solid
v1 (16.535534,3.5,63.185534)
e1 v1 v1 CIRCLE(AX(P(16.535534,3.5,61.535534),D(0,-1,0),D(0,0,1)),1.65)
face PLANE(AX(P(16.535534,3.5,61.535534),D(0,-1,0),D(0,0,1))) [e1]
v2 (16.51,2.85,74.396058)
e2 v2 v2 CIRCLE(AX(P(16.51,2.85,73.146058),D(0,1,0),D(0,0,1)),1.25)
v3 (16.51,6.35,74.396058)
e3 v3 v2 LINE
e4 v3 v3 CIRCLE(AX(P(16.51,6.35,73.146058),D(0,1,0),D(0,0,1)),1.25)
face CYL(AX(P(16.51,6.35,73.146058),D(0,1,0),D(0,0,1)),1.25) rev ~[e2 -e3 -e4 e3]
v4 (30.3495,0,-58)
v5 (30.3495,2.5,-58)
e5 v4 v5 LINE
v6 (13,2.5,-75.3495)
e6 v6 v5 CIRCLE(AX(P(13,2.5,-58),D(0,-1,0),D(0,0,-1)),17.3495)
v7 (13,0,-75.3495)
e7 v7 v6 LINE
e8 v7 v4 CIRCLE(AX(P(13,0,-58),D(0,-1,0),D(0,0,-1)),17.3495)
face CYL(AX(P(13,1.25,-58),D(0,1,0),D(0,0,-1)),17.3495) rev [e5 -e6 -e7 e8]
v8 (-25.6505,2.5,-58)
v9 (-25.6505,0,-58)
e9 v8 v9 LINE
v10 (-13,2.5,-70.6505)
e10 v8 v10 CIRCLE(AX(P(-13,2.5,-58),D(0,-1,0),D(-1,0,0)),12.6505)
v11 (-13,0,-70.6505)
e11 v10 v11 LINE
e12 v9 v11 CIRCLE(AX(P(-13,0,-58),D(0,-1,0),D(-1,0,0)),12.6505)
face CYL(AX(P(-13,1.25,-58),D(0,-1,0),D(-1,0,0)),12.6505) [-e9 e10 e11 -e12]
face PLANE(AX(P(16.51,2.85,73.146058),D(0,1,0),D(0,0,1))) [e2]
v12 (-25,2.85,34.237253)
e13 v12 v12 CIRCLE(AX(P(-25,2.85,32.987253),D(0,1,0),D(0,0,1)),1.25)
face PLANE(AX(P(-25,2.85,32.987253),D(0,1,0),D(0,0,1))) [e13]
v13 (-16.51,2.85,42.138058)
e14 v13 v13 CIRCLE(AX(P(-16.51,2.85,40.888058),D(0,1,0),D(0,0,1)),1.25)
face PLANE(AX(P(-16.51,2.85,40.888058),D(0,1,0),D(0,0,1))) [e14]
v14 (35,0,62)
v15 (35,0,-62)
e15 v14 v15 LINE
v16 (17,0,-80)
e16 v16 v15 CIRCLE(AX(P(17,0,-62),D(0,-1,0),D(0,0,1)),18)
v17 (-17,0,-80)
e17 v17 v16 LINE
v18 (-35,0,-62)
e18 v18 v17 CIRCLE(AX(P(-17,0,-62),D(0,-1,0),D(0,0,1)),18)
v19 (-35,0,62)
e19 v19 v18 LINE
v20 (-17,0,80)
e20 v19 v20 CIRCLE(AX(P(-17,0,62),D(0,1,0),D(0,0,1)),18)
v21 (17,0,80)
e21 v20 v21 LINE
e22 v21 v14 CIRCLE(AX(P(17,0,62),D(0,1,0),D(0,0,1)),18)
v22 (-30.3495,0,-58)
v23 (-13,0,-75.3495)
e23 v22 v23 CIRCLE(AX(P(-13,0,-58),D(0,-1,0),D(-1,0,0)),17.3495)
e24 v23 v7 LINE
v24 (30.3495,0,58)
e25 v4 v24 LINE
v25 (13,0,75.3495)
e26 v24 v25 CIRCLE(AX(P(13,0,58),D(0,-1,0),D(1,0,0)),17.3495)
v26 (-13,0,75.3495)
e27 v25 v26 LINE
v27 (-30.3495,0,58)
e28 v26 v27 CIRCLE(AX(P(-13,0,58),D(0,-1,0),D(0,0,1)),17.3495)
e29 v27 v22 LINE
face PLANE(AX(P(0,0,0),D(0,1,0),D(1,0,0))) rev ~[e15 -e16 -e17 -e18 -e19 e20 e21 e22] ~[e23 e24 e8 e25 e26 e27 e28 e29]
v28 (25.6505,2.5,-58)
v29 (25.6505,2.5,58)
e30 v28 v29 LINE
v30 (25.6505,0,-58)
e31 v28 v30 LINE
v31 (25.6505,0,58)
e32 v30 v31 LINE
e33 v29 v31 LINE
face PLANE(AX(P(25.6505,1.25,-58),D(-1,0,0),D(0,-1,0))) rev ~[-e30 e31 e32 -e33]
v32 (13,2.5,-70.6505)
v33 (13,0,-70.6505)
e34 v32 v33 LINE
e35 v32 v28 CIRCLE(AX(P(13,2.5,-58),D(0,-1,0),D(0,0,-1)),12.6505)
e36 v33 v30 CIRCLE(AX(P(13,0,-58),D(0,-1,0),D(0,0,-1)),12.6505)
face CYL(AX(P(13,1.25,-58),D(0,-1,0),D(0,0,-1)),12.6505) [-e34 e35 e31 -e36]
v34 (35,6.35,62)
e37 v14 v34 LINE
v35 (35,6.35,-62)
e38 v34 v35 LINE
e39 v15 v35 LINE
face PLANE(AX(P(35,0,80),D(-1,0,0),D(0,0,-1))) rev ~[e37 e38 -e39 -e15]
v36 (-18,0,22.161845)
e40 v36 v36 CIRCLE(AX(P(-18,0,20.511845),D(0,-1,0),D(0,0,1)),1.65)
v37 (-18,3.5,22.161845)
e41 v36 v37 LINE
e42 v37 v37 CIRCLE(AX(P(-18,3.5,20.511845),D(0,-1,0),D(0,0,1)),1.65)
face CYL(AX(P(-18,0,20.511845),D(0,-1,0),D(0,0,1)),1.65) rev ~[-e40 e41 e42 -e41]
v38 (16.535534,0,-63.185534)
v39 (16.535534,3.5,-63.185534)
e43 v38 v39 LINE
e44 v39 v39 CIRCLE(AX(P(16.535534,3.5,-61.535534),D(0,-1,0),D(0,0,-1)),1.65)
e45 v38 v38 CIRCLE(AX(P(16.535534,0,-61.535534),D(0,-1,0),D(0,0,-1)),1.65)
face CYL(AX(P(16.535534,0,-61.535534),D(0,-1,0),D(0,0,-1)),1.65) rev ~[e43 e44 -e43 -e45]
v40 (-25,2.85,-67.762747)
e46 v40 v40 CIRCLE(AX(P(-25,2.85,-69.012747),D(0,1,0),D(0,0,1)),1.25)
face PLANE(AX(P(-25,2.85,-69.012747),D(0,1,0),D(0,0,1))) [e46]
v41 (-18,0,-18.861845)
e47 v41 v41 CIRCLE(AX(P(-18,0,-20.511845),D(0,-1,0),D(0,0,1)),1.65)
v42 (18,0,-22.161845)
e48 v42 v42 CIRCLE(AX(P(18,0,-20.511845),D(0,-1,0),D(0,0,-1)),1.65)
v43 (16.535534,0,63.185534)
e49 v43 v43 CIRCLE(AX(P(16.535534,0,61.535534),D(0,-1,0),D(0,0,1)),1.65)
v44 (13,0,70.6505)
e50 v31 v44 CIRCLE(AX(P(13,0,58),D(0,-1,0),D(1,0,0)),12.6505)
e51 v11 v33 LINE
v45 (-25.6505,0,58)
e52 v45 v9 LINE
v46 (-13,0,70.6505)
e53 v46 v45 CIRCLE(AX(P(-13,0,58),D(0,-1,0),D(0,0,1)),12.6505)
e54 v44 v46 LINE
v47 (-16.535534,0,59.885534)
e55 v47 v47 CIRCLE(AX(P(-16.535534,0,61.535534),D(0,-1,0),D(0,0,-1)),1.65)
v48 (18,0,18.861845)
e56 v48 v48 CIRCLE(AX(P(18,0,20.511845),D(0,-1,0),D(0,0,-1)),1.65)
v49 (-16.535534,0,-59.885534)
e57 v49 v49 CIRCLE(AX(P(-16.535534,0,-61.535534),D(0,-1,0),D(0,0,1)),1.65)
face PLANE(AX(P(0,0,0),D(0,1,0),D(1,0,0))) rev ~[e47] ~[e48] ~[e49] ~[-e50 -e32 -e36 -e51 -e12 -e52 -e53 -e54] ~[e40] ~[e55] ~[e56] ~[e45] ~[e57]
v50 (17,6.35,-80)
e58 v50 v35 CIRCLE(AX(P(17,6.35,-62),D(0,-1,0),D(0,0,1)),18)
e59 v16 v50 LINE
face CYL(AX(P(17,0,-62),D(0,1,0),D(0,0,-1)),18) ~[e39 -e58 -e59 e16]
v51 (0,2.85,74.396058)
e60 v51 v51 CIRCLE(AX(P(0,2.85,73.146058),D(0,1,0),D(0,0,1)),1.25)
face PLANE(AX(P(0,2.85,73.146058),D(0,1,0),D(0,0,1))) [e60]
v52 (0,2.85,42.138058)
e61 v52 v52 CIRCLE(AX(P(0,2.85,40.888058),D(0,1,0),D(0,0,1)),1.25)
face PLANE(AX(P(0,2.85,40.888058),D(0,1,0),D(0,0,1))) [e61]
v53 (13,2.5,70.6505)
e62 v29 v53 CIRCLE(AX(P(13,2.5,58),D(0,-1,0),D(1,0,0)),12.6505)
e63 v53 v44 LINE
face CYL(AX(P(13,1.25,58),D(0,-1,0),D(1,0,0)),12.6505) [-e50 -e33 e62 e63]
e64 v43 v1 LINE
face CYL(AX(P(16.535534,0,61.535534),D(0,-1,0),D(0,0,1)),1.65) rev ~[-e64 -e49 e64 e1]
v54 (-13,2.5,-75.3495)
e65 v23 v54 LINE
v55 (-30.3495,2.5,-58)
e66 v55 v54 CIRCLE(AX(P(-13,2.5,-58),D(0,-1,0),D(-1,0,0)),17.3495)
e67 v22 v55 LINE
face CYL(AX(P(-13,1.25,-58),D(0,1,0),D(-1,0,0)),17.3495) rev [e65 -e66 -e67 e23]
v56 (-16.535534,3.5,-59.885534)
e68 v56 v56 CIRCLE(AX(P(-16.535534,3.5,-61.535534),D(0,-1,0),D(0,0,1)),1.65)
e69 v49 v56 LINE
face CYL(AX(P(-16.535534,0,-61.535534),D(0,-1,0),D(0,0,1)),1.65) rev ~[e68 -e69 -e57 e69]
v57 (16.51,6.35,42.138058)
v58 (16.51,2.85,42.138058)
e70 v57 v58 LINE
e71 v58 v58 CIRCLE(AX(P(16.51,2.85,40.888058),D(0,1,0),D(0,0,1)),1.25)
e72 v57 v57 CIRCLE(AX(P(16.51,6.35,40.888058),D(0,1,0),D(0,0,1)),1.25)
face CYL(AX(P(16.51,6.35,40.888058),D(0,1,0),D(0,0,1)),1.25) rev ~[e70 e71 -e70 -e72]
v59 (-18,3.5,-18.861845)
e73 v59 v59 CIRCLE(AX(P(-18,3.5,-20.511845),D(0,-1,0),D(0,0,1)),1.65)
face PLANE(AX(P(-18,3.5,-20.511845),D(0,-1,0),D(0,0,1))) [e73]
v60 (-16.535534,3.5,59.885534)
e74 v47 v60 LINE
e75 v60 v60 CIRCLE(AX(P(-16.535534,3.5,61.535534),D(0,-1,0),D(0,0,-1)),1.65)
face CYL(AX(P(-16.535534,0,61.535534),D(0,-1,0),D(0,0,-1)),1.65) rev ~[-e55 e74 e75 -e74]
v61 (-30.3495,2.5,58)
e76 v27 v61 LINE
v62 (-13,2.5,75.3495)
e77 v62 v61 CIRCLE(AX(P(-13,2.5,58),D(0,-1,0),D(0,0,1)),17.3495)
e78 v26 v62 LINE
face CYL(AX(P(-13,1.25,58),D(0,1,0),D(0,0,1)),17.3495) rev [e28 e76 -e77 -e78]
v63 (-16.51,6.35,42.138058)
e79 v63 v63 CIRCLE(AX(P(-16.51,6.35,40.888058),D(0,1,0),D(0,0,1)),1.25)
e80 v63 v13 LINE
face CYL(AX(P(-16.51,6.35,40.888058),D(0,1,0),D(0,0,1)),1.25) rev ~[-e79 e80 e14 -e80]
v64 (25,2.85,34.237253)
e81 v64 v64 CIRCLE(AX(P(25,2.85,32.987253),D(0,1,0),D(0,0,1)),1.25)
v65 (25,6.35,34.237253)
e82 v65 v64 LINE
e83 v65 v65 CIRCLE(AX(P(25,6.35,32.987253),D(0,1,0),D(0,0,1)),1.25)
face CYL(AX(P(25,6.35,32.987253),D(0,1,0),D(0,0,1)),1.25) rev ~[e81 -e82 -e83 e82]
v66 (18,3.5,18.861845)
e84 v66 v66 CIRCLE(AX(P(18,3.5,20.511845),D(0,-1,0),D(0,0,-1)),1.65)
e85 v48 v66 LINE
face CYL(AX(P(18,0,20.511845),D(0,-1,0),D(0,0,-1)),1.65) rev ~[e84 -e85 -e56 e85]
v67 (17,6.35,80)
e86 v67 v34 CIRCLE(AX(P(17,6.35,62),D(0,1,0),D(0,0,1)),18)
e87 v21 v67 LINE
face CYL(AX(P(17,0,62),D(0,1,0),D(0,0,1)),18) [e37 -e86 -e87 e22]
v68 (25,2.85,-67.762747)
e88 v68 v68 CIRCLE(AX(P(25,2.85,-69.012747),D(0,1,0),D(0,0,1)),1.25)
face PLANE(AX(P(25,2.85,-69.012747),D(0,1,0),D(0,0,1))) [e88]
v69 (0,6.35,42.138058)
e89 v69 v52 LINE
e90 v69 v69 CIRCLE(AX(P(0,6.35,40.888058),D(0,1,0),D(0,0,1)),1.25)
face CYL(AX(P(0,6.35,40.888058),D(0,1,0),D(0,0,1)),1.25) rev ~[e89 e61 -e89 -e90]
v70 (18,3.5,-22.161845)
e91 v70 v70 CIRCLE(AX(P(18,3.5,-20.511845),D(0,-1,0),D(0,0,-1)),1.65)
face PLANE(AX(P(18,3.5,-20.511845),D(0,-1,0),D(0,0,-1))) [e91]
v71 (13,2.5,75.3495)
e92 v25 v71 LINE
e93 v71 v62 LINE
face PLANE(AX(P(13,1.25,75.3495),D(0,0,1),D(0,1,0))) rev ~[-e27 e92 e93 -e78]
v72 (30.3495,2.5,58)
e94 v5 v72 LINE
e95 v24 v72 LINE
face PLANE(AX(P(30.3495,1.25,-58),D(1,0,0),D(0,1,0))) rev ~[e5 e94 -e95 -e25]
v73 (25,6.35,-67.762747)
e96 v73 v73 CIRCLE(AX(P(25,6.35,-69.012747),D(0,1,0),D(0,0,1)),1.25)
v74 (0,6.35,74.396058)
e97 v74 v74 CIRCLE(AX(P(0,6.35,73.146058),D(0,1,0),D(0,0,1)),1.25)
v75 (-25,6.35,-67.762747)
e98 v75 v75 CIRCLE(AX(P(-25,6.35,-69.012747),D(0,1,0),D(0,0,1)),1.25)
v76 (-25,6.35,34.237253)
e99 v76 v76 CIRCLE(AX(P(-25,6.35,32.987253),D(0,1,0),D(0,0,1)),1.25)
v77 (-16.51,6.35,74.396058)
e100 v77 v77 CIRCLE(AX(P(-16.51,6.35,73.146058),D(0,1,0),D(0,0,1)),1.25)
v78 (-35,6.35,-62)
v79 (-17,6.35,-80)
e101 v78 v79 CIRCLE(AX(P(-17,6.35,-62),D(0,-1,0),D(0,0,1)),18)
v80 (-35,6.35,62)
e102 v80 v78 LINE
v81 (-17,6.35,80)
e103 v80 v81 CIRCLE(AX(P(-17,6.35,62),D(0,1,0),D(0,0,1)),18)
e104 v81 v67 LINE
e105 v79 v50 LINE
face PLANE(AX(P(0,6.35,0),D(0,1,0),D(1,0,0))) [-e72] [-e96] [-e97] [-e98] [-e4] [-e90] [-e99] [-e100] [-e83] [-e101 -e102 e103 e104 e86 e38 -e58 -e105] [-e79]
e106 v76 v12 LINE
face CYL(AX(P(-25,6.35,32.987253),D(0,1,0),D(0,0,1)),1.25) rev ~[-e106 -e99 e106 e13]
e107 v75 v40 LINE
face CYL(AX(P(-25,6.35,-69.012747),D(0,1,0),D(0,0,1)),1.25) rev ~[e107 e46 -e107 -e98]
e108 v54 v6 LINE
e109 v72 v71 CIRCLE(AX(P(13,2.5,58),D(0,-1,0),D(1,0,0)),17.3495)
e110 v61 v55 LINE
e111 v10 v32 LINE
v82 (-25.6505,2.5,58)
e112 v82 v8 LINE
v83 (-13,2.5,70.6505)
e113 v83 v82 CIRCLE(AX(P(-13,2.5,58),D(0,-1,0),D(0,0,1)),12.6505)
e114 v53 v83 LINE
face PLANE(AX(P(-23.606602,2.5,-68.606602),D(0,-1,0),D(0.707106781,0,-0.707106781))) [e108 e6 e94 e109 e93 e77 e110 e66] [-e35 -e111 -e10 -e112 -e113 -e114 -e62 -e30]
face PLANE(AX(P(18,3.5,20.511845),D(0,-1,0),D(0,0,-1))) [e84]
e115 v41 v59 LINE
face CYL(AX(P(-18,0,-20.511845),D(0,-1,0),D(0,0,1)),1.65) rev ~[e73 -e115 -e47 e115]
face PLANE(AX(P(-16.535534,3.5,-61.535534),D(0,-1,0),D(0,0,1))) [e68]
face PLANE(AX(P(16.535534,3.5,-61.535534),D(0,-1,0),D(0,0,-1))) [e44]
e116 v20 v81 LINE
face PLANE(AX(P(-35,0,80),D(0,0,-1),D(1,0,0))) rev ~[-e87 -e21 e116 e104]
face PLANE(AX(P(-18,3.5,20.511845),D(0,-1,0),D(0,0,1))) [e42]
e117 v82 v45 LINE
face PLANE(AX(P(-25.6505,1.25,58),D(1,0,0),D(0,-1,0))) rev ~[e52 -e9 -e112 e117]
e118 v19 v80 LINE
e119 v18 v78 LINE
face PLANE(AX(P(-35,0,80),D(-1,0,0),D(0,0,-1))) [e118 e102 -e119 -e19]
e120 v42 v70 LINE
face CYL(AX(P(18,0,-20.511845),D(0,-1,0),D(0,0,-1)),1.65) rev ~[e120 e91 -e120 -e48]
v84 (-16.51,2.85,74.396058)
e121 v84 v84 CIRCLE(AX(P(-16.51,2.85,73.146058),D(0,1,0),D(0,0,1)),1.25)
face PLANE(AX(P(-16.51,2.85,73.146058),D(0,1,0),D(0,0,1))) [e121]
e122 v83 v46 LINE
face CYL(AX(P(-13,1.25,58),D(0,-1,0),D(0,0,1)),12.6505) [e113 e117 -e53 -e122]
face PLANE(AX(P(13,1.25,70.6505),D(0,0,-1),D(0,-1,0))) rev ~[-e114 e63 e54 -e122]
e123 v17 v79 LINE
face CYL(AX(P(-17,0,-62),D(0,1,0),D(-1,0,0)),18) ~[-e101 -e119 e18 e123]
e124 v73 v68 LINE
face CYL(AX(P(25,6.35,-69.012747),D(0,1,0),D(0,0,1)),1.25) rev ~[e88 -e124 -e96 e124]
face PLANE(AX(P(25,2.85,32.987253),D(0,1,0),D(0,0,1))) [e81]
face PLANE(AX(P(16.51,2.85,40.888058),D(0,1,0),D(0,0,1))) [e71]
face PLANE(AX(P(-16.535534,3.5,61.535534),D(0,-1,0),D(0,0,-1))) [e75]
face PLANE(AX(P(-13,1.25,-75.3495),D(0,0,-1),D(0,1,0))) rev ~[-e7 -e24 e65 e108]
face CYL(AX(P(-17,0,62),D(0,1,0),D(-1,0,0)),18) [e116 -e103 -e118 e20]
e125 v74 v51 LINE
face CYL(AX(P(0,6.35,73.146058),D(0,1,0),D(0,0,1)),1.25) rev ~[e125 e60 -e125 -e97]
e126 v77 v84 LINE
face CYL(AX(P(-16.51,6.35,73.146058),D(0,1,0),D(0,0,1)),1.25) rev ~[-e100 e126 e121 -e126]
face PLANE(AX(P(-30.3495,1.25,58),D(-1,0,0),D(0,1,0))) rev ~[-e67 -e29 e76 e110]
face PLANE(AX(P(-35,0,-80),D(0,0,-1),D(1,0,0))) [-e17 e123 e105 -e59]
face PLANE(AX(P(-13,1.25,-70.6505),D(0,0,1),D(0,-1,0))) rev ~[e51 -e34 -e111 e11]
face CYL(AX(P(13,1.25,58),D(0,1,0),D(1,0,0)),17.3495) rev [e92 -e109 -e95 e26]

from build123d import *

# Parameters (mm, degrees)
SKETCH1_W           = 70
SKETCH1_H           = 160
BOSS_EXTRUDE1_DEPTH = 6.35
SKETCH7_W           = 4.699
SKETCH7_H           = 2.5
FILLET1_R           = 18
SKETCH11_R          = 1.65
CUT_EXTRUDE4_DEPTH  = 3.5
SKETCH14_R          = 1.25
CUT_EXTRUDE7_DEPTH  = 3.5


with BuildPart() as part:
    # Sketch1 → Boss-Extrude1 (new body)
    with BuildSketch(Plane(origin=(0, 0, 0), x_dir=(1, 0, 0), z_dir=(0, 1, 0))):
        Rectangle(SKETCH1_W, SKETCH1_H)
    extrude(amount=BOSS_EXTRUDE1_DEPTH)

    # Cut-Sweep2: sweep along a path in Sketch2
    with BuildLine(Plane(origin=(0, 0, 0), x_dir=(1, 0, 0), z_dir=(0, 1, 0))) as cut_sweep2_path:
        Line((-13, 73), (13, 73))
        ThreePointArc((13, 73), (23.606601718, 68.606601718), (28, 58))
        Line((28, 58), (28, -58))
        ThreePointArc((28, -58), (23.606601718, -68.606601718), (13, -73))
        Line((13, -73), (-13, -73))
        ThreePointArc((-13, -73), (-23.606601718, -68.606601718), (-28, -58))
        Line((-28, -58), (-28, 58))
        ThreePointArc((-28, 58), (-23.606601718, 68.606601718), (-13, 73))
    # Sketch7 → Cut-Sweep2 (sweep, cut)
    with BuildSketch(Plane.XY):
        with Locations((28, 1.25)):
            Rectangle(SKETCH7_W, SKETCH7_H)
    sweep(path=cut_sweep2_path.line, mode=Mode.SUBTRACT)

    # Fillet1
    fillet1_edges = [part.edges().sort_by_distance(p)[0] for p in [
        (-35, 3.175, 80),
        (-35, 3.175, -80),
        (35, 3.175, -80),
        (35, 3.175, 80),
    ]]
    fillet(fillet1_edges, radius=FILLET1_R)

    # Sketch11 → Cut-Extrude4 (cut)
    with BuildSketch(Plane.XZ):
        with Locations((16.535533906, 61.535533906)):
            Circle(SKETCH11_R)
        with Locations((18, -20.511844635)):
            Circle(SKETCH11_R)
        with Locations((18, 20.511844635)):
            Circle(SKETCH11_R)
        with Locations((-16.535533906, 61.535533906)):
            Circle(SKETCH11_R)
        with Locations((-18, 20.511844635)):
            Circle(SKETCH11_R)
        with Locations((16.535533906, -61.535533906)):
            Circle(SKETCH11_R)
        with Locations((-18, -20.511844635)):
            Circle(SKETCH11_R)
        with Locations((-16.535533906, -61.535533906)):
            Circle(SKETCH11_R)
    extrude(amount=-CUT_EXTRUDE4_DEPTH, mode=Mode.SUBTRACT)

    # Sketch14 → Cut-Extrude7 (cut)
    with BuildSketch(Plane(origin=(0, 6.35, 0), x_dir=(1, 0, 0), z_dir=(0, 1, 0))):
        with Locations((-16.51, -40.888057962)):
            Circle(SKETCH14_R)
        with Locations((0, -40.888057962)):
            Circle(SKETCH14_R)
        with Locations((16.51, -40.888057962)):
            Circle(SKETCH14_R)
        with Locations((16.51, -73.146057962)):
            Circle(SKETCH14_R)
        with Locations((0, -73.146057962)):
            Circle(SKETCH14_R)
        with Locations((-16.51, -73.146057962)):
            Circle(SKETCH14_R)
        with Locations((-25, -32.987253412)):
            Circle(SKETCH14_R)
        with Locations((25, -32.987253412)):
            Circle(SKETCH14_R)
        with Locations((25, 69.012746588)):
            Circle(SKETCH14_R)
        with Locations((-25, 69.012746588)):
            Circle(SKETCH14_R)
    extrude(amount=-CUT_EXTRUDE7_DEPTH, mode=Mode.SUBTRACT)


solid = part.part
